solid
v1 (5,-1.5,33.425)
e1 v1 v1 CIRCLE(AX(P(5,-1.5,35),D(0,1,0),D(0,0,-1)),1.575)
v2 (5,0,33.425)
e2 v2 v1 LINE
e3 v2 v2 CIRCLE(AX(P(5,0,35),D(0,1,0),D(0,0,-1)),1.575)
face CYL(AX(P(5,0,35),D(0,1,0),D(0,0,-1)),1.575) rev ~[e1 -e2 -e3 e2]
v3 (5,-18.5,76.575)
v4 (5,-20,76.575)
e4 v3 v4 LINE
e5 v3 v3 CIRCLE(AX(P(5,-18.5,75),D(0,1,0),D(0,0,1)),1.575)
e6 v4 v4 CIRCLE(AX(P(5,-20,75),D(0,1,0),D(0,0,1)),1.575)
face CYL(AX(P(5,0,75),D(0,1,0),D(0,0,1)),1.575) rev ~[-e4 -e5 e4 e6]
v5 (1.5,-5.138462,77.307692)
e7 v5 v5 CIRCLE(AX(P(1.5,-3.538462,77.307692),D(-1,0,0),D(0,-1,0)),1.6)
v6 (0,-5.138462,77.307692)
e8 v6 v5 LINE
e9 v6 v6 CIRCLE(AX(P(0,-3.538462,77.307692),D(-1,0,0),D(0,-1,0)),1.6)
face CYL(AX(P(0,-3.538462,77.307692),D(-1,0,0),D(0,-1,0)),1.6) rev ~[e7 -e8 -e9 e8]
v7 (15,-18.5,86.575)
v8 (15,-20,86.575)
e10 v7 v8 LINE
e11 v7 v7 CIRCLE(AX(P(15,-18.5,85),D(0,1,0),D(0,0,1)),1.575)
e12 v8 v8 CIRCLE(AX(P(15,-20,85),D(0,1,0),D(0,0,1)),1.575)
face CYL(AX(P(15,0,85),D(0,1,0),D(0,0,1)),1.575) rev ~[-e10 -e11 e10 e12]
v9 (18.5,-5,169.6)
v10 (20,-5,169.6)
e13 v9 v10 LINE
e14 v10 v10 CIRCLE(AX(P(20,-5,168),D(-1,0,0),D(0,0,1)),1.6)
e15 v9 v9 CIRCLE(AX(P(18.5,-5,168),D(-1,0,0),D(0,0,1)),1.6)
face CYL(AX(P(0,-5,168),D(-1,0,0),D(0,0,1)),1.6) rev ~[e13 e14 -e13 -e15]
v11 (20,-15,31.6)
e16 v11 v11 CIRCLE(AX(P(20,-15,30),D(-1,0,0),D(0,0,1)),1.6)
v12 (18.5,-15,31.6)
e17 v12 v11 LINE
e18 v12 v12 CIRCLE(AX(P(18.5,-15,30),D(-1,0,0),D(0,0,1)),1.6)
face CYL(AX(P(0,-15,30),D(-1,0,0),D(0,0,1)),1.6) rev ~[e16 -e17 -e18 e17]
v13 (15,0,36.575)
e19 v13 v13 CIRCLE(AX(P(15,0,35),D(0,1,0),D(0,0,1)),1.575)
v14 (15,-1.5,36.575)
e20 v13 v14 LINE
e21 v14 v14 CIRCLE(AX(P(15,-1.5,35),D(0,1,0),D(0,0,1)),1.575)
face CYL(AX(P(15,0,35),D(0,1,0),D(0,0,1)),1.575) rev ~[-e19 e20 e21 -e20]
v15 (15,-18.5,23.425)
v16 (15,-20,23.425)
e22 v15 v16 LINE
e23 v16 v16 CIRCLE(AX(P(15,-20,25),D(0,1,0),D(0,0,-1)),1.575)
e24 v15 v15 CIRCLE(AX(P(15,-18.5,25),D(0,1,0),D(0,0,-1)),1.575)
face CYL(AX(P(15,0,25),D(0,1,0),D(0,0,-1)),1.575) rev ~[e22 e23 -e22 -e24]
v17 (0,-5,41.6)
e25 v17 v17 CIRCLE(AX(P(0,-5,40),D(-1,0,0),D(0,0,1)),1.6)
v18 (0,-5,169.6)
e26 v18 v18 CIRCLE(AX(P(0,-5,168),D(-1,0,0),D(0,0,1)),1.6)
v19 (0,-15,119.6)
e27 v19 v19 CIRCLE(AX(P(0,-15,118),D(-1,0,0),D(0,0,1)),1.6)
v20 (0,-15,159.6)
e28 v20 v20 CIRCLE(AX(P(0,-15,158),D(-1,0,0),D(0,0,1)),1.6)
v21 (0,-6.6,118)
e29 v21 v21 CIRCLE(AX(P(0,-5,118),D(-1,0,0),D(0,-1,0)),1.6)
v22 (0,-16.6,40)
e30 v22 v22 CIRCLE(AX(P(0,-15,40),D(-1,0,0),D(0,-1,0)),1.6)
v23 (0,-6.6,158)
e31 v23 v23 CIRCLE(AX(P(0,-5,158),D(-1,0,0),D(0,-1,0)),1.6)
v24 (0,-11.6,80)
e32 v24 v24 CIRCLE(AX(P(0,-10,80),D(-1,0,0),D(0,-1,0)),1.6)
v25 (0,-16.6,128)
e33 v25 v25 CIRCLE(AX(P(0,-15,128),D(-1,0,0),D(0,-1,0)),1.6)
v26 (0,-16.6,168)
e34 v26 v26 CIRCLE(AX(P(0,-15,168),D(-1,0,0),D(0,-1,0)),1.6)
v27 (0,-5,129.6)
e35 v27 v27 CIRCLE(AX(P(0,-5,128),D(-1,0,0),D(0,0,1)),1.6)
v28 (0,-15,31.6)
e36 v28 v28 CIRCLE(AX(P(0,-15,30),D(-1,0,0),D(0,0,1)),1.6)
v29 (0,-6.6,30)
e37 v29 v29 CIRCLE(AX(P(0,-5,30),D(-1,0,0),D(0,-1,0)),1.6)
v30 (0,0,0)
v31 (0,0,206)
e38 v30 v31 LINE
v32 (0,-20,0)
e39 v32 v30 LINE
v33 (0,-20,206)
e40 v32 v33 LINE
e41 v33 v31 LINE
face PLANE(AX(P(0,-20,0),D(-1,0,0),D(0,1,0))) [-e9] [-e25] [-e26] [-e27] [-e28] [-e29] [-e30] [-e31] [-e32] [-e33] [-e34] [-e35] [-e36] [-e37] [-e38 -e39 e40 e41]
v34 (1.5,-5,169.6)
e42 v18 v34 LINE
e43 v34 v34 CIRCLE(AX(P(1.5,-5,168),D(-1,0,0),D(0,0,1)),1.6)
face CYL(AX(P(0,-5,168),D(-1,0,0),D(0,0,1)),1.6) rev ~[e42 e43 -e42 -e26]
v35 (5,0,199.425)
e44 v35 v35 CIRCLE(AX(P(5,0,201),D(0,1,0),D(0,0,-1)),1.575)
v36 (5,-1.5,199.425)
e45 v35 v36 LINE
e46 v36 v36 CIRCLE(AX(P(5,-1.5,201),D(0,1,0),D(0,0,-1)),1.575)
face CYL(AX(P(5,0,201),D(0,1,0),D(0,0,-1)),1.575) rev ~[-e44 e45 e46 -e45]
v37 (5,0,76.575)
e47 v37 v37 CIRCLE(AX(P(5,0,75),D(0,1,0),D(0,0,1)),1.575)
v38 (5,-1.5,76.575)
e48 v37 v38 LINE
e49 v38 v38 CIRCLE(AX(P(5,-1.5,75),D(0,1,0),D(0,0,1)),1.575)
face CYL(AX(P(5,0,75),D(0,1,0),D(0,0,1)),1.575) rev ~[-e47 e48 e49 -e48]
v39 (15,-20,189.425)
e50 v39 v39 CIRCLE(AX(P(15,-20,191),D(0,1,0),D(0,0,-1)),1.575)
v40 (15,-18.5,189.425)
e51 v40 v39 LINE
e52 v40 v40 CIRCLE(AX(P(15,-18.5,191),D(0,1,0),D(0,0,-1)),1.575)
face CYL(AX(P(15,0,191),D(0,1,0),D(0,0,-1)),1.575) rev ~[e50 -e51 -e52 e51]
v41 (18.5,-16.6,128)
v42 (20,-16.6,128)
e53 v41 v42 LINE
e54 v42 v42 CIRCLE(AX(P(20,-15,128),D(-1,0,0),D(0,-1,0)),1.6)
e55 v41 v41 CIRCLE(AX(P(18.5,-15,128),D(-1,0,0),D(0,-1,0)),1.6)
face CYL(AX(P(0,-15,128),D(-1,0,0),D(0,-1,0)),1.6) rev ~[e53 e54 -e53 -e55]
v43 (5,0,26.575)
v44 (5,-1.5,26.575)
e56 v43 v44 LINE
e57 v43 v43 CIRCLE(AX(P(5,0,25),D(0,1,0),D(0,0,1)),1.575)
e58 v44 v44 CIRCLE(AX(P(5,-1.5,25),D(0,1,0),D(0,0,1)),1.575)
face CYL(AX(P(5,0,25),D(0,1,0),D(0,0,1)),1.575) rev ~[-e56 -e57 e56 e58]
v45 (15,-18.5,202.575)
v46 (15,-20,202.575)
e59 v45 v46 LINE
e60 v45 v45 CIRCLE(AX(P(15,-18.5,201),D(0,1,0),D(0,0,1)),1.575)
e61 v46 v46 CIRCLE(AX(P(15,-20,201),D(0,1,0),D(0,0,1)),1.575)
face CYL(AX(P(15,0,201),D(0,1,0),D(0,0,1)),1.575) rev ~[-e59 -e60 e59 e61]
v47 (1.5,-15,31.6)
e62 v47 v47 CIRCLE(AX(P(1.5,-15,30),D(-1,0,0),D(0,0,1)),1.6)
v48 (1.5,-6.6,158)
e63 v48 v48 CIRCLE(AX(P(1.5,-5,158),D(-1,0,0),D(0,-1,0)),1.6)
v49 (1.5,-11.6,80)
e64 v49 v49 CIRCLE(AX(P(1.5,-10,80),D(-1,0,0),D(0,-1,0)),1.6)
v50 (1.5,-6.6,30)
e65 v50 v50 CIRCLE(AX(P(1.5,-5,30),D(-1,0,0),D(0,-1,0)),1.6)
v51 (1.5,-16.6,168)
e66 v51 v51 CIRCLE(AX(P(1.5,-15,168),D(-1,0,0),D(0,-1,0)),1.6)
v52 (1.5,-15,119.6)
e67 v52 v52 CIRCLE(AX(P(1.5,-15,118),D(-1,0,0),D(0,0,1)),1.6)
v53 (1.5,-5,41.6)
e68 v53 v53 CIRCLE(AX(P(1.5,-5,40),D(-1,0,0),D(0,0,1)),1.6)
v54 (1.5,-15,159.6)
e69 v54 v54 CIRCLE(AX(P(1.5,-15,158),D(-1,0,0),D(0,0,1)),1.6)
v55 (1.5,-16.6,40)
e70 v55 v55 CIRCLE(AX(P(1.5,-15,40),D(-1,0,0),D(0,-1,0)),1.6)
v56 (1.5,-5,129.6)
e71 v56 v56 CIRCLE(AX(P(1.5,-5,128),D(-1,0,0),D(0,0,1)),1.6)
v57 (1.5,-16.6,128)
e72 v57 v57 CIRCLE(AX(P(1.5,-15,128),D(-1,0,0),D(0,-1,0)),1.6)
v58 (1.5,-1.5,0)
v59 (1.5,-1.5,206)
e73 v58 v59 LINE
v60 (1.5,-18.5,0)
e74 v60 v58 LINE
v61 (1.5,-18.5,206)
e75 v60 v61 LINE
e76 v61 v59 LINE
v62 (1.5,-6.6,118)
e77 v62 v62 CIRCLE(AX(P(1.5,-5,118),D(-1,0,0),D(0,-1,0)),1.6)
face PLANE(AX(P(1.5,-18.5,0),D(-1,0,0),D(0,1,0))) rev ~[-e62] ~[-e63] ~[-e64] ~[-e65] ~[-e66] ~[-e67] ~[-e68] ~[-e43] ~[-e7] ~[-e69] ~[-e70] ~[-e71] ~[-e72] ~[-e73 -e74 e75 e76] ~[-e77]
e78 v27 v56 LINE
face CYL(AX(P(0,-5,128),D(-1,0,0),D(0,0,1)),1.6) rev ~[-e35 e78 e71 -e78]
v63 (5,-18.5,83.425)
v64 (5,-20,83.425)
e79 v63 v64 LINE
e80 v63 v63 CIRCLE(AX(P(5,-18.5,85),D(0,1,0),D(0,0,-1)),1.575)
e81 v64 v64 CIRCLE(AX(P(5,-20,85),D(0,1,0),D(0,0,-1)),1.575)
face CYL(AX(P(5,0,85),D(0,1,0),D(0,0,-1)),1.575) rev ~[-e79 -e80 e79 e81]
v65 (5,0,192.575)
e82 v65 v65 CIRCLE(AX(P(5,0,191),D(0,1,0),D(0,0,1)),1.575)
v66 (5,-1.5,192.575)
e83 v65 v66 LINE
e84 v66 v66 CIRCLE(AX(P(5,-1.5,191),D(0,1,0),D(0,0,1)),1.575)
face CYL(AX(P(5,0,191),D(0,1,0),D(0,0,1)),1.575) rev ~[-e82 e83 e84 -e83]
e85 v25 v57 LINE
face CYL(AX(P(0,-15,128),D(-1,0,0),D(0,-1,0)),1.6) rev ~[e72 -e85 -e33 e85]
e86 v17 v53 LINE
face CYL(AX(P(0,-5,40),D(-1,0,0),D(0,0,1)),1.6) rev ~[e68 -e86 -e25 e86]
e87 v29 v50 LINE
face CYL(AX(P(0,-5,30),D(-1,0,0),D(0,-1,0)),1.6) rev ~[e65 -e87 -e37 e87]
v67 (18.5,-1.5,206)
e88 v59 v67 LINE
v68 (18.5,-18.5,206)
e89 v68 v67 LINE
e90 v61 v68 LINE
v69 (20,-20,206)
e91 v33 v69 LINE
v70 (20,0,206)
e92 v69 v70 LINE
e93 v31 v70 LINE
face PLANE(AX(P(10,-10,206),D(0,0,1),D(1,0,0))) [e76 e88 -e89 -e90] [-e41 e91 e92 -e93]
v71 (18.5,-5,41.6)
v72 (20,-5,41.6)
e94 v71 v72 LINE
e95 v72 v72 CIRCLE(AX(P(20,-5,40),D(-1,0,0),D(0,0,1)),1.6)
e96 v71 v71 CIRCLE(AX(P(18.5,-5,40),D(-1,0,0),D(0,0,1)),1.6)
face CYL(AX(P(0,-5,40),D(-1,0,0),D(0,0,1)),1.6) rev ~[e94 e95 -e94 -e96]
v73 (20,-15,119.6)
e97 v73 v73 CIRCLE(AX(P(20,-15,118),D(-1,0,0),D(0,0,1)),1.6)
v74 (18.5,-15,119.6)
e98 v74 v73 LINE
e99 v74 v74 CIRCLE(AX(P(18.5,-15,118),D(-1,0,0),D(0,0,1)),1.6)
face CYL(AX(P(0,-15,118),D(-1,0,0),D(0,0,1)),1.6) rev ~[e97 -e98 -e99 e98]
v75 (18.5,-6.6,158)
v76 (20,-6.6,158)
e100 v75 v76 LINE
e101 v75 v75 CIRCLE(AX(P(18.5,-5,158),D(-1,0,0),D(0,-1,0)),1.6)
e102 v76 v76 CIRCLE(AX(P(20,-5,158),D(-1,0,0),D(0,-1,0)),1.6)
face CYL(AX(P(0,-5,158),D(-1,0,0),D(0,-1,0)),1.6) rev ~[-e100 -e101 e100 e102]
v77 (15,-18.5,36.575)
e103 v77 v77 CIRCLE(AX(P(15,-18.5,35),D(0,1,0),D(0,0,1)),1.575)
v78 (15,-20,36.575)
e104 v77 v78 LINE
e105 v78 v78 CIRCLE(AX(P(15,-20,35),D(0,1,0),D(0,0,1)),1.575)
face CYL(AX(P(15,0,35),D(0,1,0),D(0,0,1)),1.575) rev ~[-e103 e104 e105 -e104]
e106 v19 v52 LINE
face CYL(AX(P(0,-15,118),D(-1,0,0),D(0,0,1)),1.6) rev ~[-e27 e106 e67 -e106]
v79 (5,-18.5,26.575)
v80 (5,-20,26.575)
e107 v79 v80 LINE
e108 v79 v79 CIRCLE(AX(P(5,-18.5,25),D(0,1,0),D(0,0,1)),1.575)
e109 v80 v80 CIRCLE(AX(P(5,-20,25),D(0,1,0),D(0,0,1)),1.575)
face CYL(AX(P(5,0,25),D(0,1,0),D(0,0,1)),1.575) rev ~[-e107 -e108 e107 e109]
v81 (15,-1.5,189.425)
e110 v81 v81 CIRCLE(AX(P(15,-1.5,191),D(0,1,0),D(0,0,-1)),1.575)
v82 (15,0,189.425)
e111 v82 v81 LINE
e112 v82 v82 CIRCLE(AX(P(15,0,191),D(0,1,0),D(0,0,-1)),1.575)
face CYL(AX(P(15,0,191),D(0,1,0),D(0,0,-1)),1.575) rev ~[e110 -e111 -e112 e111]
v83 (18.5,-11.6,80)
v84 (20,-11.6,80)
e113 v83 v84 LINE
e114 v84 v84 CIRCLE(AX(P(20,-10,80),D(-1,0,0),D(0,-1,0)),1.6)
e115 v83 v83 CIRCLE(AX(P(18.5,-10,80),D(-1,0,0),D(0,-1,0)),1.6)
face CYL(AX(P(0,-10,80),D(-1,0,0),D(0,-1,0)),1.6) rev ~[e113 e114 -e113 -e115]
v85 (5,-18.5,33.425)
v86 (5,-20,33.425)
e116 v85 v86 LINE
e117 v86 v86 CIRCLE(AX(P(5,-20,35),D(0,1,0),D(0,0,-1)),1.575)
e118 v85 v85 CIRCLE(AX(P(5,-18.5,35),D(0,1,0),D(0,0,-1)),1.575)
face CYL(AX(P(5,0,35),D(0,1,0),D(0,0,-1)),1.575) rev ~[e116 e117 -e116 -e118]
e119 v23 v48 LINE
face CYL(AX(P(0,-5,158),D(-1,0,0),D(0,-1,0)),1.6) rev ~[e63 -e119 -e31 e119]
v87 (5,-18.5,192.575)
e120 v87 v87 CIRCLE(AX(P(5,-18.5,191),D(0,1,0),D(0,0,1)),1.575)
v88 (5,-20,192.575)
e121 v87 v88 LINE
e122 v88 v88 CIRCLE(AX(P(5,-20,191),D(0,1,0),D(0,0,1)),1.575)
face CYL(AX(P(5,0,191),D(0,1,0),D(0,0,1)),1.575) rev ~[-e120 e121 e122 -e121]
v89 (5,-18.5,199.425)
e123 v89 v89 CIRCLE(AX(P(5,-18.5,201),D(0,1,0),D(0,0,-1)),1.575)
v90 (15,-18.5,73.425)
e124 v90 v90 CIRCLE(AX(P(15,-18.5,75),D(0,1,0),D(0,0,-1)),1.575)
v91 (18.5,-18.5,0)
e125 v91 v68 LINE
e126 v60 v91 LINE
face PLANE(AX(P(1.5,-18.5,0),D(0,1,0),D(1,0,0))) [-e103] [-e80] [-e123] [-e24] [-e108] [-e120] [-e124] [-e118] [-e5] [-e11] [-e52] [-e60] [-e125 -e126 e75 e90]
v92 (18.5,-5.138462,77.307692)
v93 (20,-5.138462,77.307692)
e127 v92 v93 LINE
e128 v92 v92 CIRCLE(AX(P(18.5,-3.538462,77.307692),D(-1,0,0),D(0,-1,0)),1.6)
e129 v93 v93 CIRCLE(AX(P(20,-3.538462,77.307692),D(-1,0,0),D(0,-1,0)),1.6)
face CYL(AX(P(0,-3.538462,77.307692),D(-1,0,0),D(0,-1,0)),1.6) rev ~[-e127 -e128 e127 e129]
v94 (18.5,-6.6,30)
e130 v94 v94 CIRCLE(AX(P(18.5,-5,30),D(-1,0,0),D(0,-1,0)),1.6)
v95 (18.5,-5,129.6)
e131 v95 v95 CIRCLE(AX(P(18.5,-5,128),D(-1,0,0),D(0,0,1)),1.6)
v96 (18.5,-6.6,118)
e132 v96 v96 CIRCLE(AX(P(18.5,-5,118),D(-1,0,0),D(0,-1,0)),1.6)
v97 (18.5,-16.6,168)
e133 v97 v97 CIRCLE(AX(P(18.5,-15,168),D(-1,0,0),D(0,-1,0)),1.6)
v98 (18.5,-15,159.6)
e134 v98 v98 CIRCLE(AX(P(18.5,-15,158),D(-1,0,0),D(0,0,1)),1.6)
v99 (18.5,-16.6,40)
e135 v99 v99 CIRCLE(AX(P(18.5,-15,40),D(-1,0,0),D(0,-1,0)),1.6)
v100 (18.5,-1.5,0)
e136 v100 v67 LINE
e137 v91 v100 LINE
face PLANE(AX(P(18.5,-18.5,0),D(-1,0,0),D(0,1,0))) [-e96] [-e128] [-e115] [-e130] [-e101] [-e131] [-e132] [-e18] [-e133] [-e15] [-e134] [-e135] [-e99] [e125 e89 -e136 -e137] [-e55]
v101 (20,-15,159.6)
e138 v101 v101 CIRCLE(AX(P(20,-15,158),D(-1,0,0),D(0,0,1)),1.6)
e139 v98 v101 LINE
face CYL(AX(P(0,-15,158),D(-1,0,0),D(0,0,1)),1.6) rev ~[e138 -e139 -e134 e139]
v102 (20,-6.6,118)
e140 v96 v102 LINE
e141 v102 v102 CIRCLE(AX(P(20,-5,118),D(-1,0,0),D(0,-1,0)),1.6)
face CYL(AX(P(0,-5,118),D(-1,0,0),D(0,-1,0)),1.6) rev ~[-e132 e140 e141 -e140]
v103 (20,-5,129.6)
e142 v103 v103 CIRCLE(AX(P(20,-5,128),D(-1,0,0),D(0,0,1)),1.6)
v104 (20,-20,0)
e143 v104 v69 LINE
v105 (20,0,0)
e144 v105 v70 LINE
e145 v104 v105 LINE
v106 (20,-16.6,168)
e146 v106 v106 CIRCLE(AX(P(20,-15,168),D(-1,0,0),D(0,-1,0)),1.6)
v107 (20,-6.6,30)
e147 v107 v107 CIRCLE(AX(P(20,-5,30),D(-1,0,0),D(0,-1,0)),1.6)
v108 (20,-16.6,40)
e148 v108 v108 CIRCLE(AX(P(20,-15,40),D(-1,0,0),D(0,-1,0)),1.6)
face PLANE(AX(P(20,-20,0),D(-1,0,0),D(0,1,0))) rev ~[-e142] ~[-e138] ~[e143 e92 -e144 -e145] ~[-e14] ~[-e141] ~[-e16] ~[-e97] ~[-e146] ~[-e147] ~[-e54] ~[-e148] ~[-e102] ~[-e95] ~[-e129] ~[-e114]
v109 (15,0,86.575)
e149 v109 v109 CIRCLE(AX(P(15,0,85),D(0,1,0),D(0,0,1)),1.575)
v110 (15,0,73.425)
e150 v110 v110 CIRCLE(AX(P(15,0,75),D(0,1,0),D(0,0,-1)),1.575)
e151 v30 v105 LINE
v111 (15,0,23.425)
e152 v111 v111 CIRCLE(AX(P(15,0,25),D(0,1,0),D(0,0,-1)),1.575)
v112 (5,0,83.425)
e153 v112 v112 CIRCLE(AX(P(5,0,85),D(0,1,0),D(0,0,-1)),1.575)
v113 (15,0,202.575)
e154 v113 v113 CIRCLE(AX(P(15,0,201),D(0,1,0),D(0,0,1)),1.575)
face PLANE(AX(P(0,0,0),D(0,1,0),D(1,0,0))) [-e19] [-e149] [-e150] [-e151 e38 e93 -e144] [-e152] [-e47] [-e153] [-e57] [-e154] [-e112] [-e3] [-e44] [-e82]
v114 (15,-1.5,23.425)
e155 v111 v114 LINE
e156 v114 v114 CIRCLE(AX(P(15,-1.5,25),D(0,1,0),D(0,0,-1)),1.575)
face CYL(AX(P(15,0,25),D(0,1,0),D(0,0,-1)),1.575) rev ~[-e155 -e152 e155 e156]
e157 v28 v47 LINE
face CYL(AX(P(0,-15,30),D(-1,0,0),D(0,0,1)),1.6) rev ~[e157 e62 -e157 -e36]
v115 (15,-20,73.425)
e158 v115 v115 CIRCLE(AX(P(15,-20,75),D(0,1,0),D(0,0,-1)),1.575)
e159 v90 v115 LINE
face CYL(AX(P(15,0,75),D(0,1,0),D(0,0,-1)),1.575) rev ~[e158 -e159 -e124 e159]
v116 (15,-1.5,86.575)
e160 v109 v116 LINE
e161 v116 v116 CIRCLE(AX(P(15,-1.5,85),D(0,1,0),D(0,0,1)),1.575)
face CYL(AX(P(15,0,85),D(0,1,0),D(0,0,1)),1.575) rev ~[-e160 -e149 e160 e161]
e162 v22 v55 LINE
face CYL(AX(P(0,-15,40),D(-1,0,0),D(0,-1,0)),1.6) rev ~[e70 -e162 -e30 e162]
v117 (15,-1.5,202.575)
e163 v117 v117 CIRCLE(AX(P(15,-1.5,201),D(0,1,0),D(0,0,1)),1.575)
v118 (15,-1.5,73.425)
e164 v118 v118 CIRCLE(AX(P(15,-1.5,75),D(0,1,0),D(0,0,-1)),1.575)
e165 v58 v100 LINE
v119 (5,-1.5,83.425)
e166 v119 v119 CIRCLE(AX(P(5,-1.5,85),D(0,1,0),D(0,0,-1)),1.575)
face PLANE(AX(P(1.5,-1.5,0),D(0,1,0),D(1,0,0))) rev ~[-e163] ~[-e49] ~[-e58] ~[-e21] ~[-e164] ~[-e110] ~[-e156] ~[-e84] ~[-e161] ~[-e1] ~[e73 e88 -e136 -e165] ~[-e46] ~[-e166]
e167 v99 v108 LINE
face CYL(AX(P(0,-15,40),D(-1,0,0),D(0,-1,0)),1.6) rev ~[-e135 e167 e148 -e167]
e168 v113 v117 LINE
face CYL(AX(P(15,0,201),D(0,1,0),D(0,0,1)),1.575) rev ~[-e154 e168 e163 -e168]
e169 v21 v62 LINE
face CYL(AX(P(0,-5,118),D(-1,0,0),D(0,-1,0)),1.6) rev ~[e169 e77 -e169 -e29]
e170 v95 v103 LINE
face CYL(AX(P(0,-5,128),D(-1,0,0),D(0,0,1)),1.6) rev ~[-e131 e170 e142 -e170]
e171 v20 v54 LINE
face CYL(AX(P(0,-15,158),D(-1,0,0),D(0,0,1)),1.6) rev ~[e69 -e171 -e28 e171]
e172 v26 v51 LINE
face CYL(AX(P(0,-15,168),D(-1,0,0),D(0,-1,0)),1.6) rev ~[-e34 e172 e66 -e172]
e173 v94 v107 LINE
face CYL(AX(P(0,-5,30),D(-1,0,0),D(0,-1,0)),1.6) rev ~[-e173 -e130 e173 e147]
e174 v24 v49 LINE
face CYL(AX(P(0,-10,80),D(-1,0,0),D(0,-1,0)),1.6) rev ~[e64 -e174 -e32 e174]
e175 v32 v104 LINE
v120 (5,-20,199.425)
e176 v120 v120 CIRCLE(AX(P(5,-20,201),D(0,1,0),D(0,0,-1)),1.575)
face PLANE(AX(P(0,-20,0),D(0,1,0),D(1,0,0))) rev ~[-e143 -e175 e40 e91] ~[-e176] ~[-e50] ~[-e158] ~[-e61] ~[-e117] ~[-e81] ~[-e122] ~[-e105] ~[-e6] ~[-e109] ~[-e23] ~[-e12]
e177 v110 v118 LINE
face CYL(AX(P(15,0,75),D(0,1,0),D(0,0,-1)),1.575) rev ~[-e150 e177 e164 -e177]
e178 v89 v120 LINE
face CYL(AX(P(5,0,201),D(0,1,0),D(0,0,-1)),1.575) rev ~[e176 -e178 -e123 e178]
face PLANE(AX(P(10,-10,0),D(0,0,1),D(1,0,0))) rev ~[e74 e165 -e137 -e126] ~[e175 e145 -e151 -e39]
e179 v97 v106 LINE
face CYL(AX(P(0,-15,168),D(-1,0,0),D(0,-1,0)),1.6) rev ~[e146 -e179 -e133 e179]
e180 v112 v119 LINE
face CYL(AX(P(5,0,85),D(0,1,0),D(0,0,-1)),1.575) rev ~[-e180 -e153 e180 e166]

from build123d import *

# Parameters (mm, degrees)
SKETCH_1_W          = 20
SKETCH_1_H          = 20
SKETCH_1_W_2        = 17
SKETCH_1_H_2        = 17
EXTRUDE_1_DEPTH     = 206
SKETCH_2_R          = 1.575
CUT_EXTRUDE_1_DEPTH = 208.932681414
SKETCH_3_R          = 1.6
CUT_EXTRUDE_2_DEPTH = 208.932681414


with BuildPart() as part:
    # 草图1 → 拉伸-薄壁1 (new body)
    with BuildSketch(Plane.XY):
        with Locations((10, -10)):
            Rectangle(SKETCH_1_W, SKETCH_1_H)
        with Locations((10, -10)):
            Rectangle(SKETCH_1_W_2, SKETCH_1_H_2, mode=Mode.SUBTRACT)
    extrude(amount=EXTRUDE_1_DEPTH)

    # 草图2 → 切除-拉伸1 (cut, through all)
    with BuildSketch(Plane(origin=(0, 0, 0), x_dir=(1, 0, 0), z_dir=(0, 1, 0))):
        with Locations(Location((5, -191, 0), (0, 0, 270))):
            Circle(SKETCH_2_R)
        with Locations(Location((15, -191, 0), (0, 0, 90))):
            Circle(SKETCH_2_R)
        with Locations(Location((15, -201, 0), (0, 0, 270))):
            Circle(SKETCH_2_R)
        with Locations(Location((5, -201, 0), (0, 0, 90))):
            Circle(SKETCH_2_R)
        with Locations(Location((5, -25, 0), (0, 0, 270))):
            Circle(SKETCH_2_R)
        with Locations(Location((15, -25, 0), (0, 0, 90))):
            Circle(SKETCH_2_R)
        with Locations(Location((15, -35, 0), (0, 0, 270))):
            Circle(SKETCH_2_R)
        with Locations(Location((5, -35, 0), (0, 0, 90))):
            Circle(SKETCH_2_R)
        with Locations(Location((5, -75, 0), (0, 0, 270))):
            Circle(SKETCH_2_R)
        with Locations(Location((15, -75, 0), (0, 0, 90))):
            Circle(SKETCH_2_R)
        with Locations(Location((15, -85, 0), (0, 0, 270))):
            Circle(SKETCH_2_R)
        with Locations(Location((5, -85, 0), (0, 0, 90))):
            Circle(SKETCH_2_R)
    extrude(amount=-CUT_EXTRUDE_1_DEPTH, mode=Mode.SUBTRACT)

    # 草图3 → 切除-拉伸2 (cut, through all)
    with BuildSketch(Plane.ZY):
        with Locations(Location((118, -5, 0), (0, 0, 270))):
            Circle(SKETCH_3_R)
        with Locations((128, -5)):
            Circle(SKETCH_3_R)
        with Locations(Location((128, -15, 0), (0, 0, 270))):
            Circle(SKETCH_3_R)
        with Locations((118, -15)):
            Circle(SKETCH_3_R)
        with Locations(Location((168, -15, 0), (0, 0, 270))):
            Circle(SKETCH_3_R)
        with Locations((158, -15)):
            Circle(SKETCH_3_R)
        with Locations(Location((158, -5, 0), (0, 0, 270))):
            Circle(SKETCH_3_R)
        with Locations((168, -5)):
            Circle(SKETCH_3_R)
        with Locations(Location((30, -5, 0), (0, 0, 270))):
            Circle(SKETCH_3_R)
        with Locations((40, -5)):
            Circle(SKETCH_3_R)
        with Locations(Location((40, -15, 0), (0, 0, 270))):
            Circle(SKETCH_3_R)
        with Locations((30, -15)):
            Circle(SKETCH_3_R)
        with Locations(Location((80, -10, 0), (0, 0, 270))):
            Circle(SKETCH_3_R)
        with Locations(Location((77.307692308, -3.538461538, 0), (0, 0, 270))):
            Circle(SKETCH_3_R)
    extrude(amount=-CUT_EXTRUDE_2_DEPTH, mode=Mode.SUBTRACT)


solid = part.part
